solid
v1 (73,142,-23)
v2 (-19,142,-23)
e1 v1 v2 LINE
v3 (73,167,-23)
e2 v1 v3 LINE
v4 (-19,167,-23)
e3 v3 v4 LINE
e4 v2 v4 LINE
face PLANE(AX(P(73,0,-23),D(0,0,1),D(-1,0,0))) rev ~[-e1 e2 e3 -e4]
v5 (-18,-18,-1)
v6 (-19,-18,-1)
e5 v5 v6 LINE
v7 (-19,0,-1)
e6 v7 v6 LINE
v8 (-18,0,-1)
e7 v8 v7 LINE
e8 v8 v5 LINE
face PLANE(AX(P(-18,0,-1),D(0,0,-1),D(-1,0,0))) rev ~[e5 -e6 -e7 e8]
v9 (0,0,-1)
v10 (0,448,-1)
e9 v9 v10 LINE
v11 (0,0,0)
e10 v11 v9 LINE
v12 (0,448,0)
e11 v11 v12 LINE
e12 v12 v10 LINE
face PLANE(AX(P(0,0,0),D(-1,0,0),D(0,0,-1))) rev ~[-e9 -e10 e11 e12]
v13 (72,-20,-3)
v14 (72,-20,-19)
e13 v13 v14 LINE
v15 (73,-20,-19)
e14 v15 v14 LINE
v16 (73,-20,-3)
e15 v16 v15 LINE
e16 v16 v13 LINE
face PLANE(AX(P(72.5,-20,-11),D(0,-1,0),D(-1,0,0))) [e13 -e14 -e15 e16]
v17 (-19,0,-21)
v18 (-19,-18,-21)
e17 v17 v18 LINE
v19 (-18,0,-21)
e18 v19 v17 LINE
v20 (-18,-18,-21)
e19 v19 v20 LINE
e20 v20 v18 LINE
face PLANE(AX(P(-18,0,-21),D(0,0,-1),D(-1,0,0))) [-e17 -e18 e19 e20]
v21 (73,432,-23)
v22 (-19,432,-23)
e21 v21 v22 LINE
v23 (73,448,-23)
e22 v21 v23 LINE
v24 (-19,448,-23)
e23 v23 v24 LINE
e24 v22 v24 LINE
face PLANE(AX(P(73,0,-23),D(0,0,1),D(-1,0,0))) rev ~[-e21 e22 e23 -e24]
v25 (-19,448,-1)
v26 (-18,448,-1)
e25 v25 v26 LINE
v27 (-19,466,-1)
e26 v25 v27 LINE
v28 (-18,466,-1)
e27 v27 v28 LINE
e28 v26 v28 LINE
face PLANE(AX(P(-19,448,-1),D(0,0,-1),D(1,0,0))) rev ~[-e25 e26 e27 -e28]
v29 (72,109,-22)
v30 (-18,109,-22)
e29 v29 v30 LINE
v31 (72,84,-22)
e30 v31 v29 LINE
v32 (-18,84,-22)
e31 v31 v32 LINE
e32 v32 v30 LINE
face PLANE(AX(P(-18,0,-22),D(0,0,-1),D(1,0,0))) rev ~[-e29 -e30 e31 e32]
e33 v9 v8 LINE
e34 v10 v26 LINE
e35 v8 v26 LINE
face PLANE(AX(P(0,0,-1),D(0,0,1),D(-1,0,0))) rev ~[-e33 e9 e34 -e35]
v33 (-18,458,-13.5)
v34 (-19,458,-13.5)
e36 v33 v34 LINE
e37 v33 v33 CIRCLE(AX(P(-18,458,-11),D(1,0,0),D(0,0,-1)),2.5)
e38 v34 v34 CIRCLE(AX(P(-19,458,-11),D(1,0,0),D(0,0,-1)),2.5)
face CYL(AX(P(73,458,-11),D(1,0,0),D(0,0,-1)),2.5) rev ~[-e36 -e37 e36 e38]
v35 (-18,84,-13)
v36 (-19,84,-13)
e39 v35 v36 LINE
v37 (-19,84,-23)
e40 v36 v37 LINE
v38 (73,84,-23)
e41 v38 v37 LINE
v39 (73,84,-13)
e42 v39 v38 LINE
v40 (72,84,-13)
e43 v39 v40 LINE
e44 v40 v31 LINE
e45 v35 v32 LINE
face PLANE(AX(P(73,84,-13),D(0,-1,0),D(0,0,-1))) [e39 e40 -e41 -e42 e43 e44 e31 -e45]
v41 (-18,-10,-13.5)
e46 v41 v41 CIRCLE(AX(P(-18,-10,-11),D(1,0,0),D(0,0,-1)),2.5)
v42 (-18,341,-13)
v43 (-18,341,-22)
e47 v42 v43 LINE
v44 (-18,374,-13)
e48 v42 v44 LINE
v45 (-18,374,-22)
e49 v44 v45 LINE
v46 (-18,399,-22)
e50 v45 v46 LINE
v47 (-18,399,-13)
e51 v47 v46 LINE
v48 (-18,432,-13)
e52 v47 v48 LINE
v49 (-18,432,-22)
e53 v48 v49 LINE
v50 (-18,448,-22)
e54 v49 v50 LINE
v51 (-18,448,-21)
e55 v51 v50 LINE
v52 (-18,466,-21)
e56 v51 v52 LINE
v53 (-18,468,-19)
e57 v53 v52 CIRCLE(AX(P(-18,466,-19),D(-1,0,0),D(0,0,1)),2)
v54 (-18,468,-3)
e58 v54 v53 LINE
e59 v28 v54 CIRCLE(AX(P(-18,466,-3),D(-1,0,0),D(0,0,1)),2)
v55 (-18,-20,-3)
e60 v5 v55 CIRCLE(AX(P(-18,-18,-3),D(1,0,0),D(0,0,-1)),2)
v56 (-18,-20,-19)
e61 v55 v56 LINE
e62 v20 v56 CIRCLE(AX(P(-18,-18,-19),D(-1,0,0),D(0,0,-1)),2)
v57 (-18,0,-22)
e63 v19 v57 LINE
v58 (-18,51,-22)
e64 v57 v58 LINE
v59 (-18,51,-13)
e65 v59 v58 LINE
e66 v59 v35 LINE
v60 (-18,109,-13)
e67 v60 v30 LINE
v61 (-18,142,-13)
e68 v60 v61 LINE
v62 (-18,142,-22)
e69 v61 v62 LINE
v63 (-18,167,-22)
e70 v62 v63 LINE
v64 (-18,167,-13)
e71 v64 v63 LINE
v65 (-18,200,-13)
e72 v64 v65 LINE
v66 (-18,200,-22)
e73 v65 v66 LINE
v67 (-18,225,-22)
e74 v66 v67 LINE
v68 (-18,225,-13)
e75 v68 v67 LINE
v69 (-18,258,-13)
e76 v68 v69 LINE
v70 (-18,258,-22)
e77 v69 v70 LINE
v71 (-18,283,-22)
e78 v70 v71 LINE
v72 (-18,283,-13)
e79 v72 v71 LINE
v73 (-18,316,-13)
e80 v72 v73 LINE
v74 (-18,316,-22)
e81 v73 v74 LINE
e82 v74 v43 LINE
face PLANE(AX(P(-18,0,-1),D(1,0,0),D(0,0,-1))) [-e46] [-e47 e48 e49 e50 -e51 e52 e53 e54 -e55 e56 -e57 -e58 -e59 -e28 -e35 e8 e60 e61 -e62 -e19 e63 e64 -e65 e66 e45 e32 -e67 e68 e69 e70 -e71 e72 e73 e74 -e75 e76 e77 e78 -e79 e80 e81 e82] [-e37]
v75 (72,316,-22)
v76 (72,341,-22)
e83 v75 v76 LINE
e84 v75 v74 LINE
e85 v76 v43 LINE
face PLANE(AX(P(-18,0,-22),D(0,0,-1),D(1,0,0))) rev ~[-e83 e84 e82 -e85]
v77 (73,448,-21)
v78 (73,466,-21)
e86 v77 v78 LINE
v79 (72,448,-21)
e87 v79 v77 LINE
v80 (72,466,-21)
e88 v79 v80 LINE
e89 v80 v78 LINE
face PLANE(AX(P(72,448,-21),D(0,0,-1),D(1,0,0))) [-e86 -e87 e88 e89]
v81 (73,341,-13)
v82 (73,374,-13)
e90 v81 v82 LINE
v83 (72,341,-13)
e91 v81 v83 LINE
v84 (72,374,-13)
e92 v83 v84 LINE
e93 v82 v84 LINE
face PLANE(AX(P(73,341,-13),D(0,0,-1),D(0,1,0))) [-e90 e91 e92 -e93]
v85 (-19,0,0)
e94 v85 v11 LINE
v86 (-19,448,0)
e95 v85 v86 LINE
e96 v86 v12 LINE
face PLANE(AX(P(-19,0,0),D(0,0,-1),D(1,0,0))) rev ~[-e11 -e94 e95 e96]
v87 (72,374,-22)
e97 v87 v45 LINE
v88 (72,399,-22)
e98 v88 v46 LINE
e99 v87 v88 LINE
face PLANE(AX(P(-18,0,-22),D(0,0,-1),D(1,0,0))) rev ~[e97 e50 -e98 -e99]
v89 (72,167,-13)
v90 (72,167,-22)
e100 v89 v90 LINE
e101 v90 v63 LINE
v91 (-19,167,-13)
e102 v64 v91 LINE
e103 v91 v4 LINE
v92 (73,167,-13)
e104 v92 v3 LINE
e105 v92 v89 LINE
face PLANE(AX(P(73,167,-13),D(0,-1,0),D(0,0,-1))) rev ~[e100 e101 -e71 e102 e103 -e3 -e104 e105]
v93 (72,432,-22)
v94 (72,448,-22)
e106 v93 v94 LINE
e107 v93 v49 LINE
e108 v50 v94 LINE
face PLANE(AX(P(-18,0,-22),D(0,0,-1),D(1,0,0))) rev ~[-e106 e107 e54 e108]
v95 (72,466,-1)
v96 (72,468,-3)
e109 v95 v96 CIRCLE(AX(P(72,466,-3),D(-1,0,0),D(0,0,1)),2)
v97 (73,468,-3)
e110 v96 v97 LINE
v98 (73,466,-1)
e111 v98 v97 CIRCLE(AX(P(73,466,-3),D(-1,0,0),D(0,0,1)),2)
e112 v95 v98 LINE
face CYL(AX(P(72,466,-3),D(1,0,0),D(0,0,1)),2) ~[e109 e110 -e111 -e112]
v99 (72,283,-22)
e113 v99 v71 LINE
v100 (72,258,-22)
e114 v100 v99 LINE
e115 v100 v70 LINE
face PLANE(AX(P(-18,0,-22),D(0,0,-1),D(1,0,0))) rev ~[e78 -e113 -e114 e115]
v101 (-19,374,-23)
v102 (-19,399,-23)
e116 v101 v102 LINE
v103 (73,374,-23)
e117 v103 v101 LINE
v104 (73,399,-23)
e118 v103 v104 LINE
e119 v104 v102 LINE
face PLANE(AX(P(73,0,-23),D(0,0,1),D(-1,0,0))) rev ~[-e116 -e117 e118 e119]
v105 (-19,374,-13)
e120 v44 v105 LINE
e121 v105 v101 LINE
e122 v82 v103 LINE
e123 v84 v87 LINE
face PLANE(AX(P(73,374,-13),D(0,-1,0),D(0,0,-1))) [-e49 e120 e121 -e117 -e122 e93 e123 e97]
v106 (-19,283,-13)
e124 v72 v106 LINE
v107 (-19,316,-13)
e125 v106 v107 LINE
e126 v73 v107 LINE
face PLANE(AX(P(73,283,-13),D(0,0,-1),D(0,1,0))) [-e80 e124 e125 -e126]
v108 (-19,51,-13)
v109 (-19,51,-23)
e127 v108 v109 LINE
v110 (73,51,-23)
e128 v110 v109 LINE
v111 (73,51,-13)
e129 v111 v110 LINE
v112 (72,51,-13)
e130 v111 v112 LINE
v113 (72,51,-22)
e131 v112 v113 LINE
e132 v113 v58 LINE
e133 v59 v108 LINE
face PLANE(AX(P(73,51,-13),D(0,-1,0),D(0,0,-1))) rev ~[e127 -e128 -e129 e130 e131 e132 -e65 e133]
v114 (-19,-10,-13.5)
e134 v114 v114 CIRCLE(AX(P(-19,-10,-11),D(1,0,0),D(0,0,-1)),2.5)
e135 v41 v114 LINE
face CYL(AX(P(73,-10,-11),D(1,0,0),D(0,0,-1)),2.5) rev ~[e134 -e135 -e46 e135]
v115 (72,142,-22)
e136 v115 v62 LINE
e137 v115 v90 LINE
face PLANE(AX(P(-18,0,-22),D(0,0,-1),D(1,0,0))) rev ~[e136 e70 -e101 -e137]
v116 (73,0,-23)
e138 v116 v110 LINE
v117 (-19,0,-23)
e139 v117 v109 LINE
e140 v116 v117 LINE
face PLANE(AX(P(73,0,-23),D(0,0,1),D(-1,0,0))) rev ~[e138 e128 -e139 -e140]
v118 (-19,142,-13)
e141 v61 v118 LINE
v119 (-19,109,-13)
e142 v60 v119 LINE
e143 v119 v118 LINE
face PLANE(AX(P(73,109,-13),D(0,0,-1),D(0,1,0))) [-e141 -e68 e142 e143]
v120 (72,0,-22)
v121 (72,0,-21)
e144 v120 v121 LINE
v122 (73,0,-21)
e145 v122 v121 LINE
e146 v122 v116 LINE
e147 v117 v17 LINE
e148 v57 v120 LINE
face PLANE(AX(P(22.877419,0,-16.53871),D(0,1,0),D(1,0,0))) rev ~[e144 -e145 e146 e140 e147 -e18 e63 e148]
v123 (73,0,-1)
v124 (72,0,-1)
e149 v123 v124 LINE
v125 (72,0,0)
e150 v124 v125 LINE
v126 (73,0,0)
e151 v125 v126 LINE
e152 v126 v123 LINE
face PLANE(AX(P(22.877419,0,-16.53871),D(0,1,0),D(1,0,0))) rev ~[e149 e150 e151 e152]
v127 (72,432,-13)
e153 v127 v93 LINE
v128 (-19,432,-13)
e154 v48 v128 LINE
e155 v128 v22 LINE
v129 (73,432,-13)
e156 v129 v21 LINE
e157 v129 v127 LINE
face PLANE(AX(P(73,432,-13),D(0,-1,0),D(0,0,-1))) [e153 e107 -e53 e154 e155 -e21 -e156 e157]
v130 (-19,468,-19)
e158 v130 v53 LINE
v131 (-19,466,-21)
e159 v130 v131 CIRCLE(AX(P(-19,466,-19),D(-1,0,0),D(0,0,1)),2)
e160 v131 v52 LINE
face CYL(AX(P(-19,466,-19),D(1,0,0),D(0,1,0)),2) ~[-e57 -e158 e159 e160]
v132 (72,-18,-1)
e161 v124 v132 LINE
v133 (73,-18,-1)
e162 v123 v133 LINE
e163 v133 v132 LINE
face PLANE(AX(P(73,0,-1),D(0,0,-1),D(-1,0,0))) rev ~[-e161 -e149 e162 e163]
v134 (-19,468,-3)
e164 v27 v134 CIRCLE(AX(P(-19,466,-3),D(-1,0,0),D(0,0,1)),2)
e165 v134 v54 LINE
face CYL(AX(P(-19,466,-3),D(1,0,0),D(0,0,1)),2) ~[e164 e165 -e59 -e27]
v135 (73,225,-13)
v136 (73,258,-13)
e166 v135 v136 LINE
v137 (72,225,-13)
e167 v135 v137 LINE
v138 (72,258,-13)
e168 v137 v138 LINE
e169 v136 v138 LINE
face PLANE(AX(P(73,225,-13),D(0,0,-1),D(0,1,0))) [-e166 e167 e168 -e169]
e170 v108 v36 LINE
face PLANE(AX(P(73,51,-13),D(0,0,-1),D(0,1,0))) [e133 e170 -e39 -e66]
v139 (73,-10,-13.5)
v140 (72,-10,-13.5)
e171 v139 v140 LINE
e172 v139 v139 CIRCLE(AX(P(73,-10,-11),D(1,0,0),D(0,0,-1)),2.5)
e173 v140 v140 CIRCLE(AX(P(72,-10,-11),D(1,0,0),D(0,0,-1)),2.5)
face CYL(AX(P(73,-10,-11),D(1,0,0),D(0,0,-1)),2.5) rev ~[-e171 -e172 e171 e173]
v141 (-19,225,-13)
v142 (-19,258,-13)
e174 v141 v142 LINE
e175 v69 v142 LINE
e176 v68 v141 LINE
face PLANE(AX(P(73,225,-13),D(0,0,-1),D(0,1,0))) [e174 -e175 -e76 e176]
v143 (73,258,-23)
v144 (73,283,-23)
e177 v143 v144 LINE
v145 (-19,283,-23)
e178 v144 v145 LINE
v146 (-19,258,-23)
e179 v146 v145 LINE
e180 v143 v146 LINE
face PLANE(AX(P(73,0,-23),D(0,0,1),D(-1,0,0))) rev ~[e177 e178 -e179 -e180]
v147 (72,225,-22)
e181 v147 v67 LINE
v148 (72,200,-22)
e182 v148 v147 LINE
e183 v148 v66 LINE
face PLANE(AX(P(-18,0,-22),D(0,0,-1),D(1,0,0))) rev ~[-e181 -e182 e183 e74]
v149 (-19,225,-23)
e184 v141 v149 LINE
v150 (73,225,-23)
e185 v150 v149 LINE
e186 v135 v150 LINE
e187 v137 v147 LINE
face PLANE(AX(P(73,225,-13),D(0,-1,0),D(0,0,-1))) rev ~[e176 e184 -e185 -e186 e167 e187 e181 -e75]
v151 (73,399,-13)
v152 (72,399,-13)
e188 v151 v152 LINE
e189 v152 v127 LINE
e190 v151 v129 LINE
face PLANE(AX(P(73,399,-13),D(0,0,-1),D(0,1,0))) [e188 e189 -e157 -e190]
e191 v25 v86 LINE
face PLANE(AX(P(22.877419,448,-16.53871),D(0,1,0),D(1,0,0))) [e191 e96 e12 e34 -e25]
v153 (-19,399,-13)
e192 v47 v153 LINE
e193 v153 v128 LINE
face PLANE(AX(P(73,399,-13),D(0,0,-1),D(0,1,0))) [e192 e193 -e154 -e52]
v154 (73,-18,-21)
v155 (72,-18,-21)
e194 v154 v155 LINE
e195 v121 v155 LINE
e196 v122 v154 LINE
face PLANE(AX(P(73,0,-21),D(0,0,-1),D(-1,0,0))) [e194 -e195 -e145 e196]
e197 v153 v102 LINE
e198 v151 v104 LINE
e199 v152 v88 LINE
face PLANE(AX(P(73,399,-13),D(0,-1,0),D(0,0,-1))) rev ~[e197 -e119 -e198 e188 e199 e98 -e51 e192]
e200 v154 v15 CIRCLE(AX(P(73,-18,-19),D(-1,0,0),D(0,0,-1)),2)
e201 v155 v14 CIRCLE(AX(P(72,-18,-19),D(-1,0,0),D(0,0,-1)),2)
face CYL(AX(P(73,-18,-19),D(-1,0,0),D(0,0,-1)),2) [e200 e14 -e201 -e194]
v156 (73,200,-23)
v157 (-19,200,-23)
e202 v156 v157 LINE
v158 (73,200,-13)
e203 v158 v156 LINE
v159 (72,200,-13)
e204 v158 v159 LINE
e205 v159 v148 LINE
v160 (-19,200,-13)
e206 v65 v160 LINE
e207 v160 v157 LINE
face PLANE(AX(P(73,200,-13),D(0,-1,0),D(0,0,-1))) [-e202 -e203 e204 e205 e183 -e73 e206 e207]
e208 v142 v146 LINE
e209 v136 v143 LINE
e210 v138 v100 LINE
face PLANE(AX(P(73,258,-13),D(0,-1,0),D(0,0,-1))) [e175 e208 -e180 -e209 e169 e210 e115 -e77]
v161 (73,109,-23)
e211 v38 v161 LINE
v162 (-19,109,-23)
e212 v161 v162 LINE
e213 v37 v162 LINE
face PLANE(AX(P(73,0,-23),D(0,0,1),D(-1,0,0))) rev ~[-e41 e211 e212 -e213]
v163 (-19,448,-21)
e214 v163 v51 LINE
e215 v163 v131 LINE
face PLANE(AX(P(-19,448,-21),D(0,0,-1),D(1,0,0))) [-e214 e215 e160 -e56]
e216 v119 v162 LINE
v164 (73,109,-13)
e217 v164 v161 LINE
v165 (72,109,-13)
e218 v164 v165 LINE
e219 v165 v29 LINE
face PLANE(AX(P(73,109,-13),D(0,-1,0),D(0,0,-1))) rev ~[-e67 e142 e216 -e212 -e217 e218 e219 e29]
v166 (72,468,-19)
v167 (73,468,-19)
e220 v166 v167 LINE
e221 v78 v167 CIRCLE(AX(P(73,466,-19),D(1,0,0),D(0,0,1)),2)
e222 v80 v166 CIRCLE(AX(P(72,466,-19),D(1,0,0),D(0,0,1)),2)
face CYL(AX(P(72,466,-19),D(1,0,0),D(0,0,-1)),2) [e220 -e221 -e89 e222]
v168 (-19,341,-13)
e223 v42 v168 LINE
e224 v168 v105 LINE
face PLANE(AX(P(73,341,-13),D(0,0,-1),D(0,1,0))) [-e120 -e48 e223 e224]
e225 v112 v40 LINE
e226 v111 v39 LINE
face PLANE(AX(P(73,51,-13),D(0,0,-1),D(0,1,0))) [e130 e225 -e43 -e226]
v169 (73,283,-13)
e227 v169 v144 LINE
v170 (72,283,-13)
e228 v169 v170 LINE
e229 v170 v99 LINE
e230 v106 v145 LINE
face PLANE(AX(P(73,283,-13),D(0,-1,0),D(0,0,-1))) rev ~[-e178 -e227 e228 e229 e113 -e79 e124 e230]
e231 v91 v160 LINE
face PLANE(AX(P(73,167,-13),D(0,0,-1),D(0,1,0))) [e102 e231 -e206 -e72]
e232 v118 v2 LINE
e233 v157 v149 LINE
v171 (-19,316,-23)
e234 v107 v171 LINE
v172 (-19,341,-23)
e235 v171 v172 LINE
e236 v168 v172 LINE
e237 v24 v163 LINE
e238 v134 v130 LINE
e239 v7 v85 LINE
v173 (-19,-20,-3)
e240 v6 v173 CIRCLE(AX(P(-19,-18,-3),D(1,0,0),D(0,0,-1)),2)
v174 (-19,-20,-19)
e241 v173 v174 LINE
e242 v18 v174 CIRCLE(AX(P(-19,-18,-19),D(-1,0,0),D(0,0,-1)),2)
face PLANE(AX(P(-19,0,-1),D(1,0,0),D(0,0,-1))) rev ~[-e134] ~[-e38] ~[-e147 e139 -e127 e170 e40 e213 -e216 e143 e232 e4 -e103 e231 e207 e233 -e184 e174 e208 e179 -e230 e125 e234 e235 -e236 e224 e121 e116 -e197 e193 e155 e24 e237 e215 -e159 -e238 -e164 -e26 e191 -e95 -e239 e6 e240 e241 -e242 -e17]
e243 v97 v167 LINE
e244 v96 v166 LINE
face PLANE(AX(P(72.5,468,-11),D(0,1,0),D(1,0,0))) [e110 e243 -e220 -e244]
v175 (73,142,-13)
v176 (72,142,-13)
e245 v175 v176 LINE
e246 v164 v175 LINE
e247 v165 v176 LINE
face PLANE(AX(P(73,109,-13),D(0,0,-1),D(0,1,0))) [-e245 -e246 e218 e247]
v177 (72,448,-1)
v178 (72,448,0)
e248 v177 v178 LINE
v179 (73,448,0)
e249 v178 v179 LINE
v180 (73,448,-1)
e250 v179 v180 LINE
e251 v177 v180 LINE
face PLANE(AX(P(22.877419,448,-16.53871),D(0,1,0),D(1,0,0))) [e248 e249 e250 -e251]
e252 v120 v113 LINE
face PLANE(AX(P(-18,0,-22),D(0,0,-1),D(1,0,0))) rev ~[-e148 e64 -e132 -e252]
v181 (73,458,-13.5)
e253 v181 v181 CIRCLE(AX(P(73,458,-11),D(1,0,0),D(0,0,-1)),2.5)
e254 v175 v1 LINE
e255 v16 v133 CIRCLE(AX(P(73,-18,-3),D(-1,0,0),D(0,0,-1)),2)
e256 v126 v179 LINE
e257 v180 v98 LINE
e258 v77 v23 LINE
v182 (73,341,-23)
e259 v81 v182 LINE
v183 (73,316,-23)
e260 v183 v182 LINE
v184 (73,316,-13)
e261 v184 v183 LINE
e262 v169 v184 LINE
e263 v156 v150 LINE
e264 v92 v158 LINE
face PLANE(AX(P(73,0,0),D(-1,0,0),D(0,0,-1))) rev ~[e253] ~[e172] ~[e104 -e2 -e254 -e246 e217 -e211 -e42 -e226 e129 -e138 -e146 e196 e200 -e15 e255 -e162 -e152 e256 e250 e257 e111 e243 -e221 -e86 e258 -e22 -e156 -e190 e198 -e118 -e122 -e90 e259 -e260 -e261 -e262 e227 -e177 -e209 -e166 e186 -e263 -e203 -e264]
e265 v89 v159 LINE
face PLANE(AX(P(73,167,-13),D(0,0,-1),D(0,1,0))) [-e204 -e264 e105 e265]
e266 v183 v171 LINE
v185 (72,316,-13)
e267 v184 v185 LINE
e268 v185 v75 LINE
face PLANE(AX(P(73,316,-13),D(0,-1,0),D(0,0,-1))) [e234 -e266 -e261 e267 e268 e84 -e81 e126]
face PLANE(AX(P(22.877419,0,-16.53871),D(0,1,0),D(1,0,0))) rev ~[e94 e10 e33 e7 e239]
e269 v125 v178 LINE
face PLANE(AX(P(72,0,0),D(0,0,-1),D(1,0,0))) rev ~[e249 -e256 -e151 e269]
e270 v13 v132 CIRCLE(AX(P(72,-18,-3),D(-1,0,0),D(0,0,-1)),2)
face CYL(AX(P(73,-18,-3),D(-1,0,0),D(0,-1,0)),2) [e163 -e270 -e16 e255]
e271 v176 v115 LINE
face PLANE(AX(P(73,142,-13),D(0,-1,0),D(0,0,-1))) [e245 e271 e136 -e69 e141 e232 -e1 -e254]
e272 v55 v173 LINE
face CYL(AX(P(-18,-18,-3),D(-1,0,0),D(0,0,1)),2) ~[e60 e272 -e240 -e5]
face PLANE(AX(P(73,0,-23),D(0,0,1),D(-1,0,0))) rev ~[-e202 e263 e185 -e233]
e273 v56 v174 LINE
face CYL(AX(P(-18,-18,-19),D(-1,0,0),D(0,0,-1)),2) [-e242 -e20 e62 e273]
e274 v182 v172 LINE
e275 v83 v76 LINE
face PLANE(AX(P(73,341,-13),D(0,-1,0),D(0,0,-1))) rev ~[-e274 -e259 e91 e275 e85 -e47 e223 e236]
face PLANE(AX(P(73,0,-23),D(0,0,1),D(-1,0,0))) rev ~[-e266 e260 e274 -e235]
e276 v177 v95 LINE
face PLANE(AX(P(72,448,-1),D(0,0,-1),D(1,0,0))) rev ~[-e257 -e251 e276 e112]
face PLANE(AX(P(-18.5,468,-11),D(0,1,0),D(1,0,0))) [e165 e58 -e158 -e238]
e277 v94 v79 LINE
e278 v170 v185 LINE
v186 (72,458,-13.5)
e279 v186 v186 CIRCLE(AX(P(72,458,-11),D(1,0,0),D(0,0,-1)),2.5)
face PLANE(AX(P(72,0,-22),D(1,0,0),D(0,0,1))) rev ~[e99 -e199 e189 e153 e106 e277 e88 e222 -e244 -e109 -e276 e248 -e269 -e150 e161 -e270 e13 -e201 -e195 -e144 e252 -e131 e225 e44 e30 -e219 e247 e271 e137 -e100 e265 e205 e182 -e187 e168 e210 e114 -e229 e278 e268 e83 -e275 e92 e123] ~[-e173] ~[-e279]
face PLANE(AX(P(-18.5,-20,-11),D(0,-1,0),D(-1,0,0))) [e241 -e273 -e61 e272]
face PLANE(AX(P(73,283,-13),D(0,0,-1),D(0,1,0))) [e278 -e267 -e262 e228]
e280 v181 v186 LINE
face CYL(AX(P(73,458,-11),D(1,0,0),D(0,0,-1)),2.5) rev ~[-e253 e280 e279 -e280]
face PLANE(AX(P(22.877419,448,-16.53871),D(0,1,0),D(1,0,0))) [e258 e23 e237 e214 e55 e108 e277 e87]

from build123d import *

# Parameters (mm, degrees)
BOSS_EXTRUDE1_DEPTH = 448
SKETCH2_W           = 1
SKETCH2_H           = 20
BOSS_EXTRUDE2_DEPTH = 20
SKETCH3_W           = 1
SKETCH3_H           = 20
BOSS_EXTRUDE3_DEPTH = 20
FILLET1_R           = 2
SKETCH4_W           = 10
SKETCH4_H           = 33
CUT_EXTRUDE1_DEPTH  = 93
LPATTERN1_COUNT     = 7
LPATTERN1_PITCH     = 58
SKETCH5_R           = 2.5
CUT_EXTRUDE2_DEPTH  = 93


with BuildPart() as part:
    # Sketch1 → Boss-Extrude1 (new body)
    with BuildSketch(Plane(origin=(0, 0, 0), x_dir=(1, 0, 0), z_dir=(0, 1, 0))):
        Polygon((0, 0), (0, 1), (-18, 1), (-18, 22), (72, 22), (72, 0), (73, 0), (73, 23), (-19, 23), (-19, 0), align=None)
    extrude(amount=BOSS_EXTRUDE1_DEPTH)

    # Sketch2 → Boss-Extrude2 (add)
    with BuildSketch(Plane(origin=(0, 448, 0), x_dir=(1, 0, 0), z_dir=(0, 1, 0))):
        with Locations((-18.5, 11)):
            Rectangle(SKETCH2_W, SKETCH2_H)
        with Locations((72.5, 11)):
            Rectangle(SKETCH2_W, SKETCH2_H)
    extrude(amount=BOSS_EXTRUDE2_DEPTH)

    # Sketch3 → Boss-Extrude3 (add)
    with BuildSketch(Plane(origin=(0, 0, 0), x_dir=(-1, 0, 0), z_dir=(0, -1, 0))):
        with Locations((18.5, 11)):
            Rectangle(SKETCH3_W, SKETCH3_H)
        with Locations((-72.5, 11)):
            Rectangle(SKETCH3_W, SKETCH3_H)
    extrude(amount=BOSS_EXTRUDE3_DEPTH)

    # Fillet1
    fillet1_edges = [part.edges().sort_by_distance(p)[0] for p in [
        (-18.5, 468, -21),
        (-18.5, 468, -1),
        (72.5, 468, -1),
        (72.5, 468, -21),
        (-18.5, -20, -1),
        (-18.5, -20, -21),
        (72.5, -20, -21),
        (72.5, -20, -1),
    ]]
    fillet(fillet1_edges, radius=FILLET1_R)

    # Sketch4 → Cut-Extrude1 (cut, through all)
    with BuildSketch(Plane(origin=(73, 0, 0), x_dir=(0, 0, -1), z_dir=(1, 0, 0))):
        with Locations((18, 415.5)):
            Rectangle(SKETCH4_W, SKETCH4_H)
    cut_extrude1 = extrude(amount=-CUT_EXTRUDE1_DEPTH, mode=Mode.SUBTRACT)

    # LPattern1: Cut-Extrude1 ×7
    with Locations(*[(0, -i * LPATTERN1_PITCH, 0) for i in range(1, LPATTERN1_COUNT)]):
        add(cut_extrude1, mode=Mode.SUBTRACT)

    # Sketch5 → Cut-Extrude2 (cut, through all)
    with BuildSketch(Plane(origin=(73, 0, 0), x_dir=(0, 0, -1), z_dir=(1, 0, 0))):
        with Locations((11, 458)):
            Circle(SKETCH5_R)
        with Locations((11, -10)):
            Circle(SKETCH5_R)
    extrude(amount=-CUT_EXTRUDE2_DEPTH, mode=Mode.SUBTRACT)


solid = part.part
